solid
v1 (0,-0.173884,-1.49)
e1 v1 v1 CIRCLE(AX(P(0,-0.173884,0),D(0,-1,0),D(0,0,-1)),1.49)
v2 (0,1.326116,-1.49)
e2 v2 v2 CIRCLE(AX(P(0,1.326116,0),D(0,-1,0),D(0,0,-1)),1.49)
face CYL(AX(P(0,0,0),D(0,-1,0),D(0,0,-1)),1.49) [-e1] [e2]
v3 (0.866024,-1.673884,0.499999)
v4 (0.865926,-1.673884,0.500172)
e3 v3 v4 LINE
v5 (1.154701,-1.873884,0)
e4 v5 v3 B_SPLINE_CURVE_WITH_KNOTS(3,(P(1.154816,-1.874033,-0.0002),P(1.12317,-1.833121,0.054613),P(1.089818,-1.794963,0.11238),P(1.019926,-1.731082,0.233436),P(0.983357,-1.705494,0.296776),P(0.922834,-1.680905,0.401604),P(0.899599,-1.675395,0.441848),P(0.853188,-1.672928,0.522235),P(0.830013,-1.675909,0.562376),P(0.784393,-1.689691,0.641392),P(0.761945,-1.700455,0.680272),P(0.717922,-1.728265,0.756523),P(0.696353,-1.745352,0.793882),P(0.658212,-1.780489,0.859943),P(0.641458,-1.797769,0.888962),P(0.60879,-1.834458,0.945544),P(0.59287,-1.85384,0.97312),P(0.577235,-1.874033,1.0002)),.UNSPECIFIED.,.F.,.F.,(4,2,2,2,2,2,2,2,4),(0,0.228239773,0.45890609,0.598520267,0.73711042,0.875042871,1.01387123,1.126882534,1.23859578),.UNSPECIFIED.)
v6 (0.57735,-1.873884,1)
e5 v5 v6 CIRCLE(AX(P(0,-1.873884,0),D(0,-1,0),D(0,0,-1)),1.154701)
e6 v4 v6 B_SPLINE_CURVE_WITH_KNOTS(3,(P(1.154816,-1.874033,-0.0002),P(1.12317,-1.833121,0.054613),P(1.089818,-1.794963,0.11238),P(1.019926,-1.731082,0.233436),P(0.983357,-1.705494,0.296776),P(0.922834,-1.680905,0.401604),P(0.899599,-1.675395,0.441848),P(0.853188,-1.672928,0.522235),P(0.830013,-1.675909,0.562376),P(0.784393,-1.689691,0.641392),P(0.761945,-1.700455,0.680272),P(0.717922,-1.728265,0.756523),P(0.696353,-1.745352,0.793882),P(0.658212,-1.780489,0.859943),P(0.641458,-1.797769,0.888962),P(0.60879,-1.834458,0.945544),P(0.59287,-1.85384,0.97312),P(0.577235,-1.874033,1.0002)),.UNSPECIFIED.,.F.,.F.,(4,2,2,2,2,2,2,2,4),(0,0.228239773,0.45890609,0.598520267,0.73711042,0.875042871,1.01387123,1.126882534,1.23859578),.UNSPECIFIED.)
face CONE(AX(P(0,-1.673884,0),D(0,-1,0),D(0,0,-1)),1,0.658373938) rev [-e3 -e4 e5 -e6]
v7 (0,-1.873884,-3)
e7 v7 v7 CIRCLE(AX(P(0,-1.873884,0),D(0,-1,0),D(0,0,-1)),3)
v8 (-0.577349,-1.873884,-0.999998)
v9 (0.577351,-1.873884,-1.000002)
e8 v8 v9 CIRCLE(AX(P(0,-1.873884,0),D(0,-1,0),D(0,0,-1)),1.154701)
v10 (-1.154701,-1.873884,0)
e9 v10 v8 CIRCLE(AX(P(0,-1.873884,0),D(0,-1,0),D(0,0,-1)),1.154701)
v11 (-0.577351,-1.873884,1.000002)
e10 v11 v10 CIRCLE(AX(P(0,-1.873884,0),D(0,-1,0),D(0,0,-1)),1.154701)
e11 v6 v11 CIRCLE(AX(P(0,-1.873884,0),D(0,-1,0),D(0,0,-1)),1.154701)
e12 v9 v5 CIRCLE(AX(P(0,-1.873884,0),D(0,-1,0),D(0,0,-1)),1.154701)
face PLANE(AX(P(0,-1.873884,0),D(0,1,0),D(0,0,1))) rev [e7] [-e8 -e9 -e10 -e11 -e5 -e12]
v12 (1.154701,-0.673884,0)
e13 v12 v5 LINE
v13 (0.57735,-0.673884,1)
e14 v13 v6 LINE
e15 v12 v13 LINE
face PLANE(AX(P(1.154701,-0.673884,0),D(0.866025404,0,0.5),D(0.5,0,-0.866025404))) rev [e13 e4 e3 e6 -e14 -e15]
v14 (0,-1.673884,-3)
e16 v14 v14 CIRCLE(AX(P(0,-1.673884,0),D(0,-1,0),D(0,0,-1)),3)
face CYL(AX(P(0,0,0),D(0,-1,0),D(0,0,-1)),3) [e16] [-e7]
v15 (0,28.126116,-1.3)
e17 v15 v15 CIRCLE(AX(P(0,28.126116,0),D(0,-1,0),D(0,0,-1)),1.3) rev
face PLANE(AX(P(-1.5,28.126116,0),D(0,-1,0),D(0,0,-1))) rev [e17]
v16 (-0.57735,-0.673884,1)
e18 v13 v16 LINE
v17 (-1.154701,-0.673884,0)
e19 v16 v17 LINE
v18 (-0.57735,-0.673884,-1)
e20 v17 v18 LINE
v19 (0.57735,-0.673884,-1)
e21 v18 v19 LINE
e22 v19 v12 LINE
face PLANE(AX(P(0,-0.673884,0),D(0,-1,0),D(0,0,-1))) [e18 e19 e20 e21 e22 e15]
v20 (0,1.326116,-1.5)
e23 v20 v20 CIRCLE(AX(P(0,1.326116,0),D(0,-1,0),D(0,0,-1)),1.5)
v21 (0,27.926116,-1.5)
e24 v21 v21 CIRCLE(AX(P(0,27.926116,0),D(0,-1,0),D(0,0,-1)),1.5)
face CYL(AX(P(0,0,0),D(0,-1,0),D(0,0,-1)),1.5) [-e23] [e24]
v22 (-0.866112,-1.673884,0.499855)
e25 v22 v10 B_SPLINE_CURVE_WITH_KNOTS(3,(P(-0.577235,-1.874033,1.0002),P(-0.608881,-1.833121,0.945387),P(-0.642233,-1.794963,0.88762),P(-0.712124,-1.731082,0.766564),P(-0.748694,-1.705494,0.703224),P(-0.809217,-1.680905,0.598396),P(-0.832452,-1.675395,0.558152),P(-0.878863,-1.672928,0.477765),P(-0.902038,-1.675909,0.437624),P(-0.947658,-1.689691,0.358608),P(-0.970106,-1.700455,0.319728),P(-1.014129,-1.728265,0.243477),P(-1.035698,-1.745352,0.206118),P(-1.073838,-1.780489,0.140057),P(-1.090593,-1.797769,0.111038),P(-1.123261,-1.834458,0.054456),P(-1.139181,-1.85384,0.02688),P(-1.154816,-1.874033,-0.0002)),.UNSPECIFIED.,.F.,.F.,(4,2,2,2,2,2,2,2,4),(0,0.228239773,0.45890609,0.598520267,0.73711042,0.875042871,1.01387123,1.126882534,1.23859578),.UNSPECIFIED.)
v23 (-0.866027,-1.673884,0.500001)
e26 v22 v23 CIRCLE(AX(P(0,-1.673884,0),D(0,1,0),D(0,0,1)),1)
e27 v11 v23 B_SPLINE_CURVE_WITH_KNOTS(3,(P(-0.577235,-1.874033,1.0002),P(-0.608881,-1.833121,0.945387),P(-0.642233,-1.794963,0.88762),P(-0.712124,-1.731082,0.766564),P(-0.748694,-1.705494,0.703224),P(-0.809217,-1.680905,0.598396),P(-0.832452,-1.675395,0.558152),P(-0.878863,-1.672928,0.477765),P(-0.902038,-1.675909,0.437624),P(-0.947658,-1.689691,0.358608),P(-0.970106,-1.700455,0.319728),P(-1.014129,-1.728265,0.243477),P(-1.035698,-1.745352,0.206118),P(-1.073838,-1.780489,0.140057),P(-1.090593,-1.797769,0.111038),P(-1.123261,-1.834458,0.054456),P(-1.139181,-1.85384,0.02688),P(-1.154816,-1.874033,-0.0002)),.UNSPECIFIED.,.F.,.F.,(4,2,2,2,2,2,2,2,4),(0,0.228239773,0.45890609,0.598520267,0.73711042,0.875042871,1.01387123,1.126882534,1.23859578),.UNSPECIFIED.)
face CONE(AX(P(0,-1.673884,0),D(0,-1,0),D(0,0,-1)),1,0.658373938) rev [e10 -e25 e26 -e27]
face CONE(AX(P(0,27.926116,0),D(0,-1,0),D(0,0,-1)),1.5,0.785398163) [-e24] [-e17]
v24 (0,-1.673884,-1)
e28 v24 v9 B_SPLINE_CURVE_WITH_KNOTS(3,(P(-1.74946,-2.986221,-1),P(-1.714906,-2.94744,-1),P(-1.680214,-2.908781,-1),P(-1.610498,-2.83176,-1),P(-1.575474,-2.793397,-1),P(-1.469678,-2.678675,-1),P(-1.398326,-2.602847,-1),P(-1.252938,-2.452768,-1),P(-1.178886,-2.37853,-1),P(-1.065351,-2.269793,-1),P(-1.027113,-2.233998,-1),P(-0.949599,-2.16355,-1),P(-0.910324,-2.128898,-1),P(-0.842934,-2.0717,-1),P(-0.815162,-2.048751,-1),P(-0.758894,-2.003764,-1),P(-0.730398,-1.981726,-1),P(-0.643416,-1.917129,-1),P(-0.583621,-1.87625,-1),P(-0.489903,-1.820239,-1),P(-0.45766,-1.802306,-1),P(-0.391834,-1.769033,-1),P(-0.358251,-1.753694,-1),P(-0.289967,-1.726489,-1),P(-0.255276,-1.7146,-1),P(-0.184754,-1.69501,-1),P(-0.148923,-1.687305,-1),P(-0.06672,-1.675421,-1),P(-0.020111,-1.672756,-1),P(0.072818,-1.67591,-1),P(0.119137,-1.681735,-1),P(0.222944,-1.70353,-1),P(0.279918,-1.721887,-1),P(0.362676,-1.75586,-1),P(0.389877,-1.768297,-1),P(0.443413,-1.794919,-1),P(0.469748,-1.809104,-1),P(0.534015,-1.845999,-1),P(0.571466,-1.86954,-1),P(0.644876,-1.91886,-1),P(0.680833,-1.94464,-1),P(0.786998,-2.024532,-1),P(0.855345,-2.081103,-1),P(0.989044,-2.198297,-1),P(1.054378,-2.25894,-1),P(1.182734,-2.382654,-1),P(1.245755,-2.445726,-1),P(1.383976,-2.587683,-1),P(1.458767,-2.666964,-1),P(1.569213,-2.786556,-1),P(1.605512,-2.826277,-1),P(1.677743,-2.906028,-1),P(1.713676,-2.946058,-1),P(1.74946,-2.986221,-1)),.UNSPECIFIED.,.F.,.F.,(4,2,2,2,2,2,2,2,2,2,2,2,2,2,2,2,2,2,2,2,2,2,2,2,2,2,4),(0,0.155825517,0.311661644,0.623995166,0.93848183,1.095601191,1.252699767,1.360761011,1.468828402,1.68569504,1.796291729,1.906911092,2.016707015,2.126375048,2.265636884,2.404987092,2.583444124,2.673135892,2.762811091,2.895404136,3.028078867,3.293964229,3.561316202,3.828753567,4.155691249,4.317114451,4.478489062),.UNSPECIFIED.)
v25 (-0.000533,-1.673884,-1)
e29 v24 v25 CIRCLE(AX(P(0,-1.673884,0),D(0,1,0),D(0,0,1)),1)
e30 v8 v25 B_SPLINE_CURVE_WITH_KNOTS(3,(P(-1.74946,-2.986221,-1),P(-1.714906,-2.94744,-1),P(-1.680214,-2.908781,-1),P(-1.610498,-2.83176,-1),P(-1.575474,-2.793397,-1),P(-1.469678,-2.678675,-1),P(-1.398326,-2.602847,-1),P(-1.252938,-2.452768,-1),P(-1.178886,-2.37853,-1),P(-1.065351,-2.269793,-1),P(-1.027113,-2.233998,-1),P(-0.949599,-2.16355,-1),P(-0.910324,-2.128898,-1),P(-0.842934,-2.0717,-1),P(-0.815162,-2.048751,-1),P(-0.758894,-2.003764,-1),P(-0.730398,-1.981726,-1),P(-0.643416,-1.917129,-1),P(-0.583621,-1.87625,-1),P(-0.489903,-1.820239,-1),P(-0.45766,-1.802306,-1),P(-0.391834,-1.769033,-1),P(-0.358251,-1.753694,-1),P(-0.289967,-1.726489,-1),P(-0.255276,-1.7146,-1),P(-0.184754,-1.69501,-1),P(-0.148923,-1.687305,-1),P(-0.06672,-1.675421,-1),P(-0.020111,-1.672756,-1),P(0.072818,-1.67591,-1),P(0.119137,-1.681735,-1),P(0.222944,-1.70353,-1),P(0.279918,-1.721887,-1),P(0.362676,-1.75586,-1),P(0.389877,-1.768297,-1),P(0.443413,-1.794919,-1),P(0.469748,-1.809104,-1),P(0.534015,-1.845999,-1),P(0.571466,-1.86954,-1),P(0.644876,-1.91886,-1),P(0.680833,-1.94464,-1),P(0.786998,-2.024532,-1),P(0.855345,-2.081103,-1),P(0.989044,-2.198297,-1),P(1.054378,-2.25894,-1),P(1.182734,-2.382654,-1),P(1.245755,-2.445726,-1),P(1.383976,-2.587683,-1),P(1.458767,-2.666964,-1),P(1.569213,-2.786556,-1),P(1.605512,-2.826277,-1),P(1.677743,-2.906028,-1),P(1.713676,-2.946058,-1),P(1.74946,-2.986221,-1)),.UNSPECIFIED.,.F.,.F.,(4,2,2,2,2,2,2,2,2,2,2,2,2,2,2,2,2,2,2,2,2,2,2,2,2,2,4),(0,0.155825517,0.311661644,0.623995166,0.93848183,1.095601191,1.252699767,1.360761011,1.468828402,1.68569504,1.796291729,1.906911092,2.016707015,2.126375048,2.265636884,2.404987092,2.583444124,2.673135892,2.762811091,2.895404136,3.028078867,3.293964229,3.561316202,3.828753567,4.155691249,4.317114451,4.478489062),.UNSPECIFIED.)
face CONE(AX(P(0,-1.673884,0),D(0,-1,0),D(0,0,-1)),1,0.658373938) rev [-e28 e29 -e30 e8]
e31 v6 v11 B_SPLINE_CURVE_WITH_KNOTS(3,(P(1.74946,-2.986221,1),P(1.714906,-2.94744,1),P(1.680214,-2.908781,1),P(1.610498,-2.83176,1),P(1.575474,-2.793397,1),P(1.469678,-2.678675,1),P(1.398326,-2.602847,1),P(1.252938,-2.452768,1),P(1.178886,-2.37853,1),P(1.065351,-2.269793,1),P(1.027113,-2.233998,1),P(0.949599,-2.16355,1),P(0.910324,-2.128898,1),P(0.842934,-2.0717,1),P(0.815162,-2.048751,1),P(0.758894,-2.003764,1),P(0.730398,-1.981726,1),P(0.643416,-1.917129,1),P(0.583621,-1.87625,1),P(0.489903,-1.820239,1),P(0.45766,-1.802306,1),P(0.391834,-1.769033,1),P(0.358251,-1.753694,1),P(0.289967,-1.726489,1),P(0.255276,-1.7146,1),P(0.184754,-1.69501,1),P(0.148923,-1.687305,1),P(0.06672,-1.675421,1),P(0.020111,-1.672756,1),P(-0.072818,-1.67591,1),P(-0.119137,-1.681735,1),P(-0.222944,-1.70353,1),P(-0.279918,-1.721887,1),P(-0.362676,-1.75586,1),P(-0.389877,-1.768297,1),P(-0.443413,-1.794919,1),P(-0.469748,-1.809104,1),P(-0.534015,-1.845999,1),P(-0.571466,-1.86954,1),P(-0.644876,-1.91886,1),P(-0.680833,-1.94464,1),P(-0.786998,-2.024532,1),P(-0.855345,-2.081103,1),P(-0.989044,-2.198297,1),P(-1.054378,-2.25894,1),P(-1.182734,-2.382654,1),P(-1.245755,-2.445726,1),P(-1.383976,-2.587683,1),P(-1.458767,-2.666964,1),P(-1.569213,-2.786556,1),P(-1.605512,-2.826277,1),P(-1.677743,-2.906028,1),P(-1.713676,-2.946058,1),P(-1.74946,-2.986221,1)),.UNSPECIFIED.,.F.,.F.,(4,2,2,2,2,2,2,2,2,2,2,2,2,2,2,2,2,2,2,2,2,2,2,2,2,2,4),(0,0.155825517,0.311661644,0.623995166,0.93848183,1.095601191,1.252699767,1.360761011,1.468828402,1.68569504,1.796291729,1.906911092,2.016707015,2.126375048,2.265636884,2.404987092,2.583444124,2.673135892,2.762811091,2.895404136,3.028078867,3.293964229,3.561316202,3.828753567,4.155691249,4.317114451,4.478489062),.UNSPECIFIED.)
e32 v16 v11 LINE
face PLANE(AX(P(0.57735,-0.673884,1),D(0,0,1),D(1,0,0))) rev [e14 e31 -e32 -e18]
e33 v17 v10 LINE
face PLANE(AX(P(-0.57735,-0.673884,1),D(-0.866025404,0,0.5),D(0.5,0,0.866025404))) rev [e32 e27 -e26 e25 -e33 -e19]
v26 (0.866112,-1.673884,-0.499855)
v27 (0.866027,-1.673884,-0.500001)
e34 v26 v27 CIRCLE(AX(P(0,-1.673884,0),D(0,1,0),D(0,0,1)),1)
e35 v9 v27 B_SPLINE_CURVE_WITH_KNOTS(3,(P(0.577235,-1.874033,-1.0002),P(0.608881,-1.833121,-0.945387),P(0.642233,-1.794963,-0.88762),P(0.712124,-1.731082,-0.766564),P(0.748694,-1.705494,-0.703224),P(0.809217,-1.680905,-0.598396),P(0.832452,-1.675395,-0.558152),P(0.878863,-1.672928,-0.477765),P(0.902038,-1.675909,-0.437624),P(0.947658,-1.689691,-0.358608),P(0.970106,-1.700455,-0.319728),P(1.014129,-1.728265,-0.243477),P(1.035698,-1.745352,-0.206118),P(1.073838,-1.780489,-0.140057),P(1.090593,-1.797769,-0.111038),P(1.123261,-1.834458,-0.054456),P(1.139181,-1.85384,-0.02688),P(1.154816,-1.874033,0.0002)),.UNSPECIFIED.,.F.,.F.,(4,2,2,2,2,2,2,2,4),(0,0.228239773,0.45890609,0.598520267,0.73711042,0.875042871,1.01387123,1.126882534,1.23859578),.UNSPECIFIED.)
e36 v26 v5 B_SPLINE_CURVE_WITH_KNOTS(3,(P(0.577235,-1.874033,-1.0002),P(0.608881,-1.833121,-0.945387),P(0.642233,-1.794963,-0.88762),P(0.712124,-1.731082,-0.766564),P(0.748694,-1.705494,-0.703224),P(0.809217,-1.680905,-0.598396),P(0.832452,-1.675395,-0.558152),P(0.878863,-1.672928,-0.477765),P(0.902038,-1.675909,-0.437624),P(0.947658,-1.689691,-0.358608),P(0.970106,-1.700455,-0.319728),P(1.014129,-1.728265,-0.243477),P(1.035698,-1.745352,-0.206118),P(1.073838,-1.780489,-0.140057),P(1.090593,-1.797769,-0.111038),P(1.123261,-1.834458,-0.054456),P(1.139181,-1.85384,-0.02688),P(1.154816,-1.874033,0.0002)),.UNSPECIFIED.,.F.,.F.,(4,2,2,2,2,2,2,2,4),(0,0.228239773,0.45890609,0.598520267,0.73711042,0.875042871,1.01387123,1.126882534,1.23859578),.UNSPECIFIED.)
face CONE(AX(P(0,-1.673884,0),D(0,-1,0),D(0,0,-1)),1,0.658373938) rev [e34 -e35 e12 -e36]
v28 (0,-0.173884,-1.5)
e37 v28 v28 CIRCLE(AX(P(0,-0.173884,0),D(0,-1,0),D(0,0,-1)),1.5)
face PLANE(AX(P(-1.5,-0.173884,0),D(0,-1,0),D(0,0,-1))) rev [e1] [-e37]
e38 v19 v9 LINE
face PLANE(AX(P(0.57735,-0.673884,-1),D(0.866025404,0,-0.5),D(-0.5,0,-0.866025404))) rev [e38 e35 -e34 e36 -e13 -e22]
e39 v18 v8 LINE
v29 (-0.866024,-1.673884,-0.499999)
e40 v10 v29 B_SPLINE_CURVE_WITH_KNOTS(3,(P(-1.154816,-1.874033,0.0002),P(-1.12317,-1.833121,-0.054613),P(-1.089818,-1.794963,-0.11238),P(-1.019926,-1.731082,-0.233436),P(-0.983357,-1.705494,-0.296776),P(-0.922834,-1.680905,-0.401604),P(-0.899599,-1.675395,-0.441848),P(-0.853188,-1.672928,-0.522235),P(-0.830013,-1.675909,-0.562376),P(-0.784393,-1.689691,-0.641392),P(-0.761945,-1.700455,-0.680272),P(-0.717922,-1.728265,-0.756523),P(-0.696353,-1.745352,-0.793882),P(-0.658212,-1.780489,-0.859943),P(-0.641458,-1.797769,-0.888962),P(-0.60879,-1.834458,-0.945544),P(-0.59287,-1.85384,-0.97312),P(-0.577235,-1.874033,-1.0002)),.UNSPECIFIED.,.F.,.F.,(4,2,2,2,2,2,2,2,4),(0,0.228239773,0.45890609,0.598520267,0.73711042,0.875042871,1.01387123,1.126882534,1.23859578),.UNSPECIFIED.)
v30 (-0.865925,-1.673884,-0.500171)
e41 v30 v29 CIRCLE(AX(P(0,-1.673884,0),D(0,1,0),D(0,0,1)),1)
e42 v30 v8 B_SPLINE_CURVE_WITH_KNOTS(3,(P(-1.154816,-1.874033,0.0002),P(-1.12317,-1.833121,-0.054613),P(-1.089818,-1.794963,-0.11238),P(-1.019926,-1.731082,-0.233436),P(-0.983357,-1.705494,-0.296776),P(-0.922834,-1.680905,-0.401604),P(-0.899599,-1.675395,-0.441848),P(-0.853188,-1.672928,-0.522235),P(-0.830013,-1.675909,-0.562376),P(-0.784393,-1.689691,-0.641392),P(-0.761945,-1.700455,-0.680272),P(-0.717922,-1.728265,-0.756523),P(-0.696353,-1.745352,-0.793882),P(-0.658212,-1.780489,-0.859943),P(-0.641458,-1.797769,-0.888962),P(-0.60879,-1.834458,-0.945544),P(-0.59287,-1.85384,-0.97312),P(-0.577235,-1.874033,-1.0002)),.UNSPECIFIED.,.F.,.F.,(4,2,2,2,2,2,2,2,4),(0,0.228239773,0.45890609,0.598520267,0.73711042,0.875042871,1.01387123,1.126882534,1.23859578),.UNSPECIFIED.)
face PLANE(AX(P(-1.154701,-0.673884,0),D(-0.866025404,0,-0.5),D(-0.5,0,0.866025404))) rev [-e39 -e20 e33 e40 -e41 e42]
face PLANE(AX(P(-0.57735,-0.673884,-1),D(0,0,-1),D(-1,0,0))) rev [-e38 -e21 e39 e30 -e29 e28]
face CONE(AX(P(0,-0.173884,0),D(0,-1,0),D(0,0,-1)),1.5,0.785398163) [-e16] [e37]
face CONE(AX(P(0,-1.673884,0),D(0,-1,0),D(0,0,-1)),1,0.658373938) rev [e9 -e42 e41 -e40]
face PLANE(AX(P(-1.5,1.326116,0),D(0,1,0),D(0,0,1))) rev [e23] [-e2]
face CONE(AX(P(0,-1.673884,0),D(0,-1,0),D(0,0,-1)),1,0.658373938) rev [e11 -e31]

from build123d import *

# Parameters (mm, degrees)
CHAMFER1_SIZE   = 0.2
HEX_DEPTH_DEPTH = 1.2
SKETCH4_R       = 1
SKETCH3_R       = 1.154700538


with BuildPart() as part:
    # Sketch1 → Revolve1 (revolve)
    with BuildSketch(Plane.XY):
        Polygon((0, -1.873883868), (-3, -1.873883868), (-3, -1.673883868), (-1.5, -0.173883868), (-1.49, -0.173883868), (-1.49, 1.326116132), (-1.5, 1.326116132), (-1.5, 28.126116132), (0, 28.126116132), align=None)
    revolve(axis=Axis((0, 0, 0), (0, 1, 0)))

    # Chamfer1
    chamfer1_edges = [part.edges().sort_by_distance(p)[0] for p in [
        (1.5, 28.126116132, 0),
    ]]
    chamfer(chamfer1_edges, length=CHAMFER1_SIZE)

    # Sketch2 → hex depth (cut)
    with BuildSketch(Plane.XZ.offset(1.873883868)):
        Polygon((1.154700538, 0), (0.577350269, 1), (-0.577350269, 1), (-1.154700538, 0), (-0.577350269, -1), (0.577350269, -1), align=None)
    extrude(amount=-HEX_DEPTH_DEPTH, mode=Mode.SUBTRACT)

    # Sketch4 → hex corner cut section 0
    with BuildSketch(Plane(origin=(0, -1.673883868, 0), x_dir=(1, 0, 0), z_dir=(0, 1, 0))):
        Circle(SKETCH4_R)
    # Sketch3 → hex corner cut section 1
    with BuildSketch(Plane.XZ.offset(1.873883868)):
        Circle(SKETCH3_R)
    loft(mode=Mode.SUBTRACT)


solid = part.part
